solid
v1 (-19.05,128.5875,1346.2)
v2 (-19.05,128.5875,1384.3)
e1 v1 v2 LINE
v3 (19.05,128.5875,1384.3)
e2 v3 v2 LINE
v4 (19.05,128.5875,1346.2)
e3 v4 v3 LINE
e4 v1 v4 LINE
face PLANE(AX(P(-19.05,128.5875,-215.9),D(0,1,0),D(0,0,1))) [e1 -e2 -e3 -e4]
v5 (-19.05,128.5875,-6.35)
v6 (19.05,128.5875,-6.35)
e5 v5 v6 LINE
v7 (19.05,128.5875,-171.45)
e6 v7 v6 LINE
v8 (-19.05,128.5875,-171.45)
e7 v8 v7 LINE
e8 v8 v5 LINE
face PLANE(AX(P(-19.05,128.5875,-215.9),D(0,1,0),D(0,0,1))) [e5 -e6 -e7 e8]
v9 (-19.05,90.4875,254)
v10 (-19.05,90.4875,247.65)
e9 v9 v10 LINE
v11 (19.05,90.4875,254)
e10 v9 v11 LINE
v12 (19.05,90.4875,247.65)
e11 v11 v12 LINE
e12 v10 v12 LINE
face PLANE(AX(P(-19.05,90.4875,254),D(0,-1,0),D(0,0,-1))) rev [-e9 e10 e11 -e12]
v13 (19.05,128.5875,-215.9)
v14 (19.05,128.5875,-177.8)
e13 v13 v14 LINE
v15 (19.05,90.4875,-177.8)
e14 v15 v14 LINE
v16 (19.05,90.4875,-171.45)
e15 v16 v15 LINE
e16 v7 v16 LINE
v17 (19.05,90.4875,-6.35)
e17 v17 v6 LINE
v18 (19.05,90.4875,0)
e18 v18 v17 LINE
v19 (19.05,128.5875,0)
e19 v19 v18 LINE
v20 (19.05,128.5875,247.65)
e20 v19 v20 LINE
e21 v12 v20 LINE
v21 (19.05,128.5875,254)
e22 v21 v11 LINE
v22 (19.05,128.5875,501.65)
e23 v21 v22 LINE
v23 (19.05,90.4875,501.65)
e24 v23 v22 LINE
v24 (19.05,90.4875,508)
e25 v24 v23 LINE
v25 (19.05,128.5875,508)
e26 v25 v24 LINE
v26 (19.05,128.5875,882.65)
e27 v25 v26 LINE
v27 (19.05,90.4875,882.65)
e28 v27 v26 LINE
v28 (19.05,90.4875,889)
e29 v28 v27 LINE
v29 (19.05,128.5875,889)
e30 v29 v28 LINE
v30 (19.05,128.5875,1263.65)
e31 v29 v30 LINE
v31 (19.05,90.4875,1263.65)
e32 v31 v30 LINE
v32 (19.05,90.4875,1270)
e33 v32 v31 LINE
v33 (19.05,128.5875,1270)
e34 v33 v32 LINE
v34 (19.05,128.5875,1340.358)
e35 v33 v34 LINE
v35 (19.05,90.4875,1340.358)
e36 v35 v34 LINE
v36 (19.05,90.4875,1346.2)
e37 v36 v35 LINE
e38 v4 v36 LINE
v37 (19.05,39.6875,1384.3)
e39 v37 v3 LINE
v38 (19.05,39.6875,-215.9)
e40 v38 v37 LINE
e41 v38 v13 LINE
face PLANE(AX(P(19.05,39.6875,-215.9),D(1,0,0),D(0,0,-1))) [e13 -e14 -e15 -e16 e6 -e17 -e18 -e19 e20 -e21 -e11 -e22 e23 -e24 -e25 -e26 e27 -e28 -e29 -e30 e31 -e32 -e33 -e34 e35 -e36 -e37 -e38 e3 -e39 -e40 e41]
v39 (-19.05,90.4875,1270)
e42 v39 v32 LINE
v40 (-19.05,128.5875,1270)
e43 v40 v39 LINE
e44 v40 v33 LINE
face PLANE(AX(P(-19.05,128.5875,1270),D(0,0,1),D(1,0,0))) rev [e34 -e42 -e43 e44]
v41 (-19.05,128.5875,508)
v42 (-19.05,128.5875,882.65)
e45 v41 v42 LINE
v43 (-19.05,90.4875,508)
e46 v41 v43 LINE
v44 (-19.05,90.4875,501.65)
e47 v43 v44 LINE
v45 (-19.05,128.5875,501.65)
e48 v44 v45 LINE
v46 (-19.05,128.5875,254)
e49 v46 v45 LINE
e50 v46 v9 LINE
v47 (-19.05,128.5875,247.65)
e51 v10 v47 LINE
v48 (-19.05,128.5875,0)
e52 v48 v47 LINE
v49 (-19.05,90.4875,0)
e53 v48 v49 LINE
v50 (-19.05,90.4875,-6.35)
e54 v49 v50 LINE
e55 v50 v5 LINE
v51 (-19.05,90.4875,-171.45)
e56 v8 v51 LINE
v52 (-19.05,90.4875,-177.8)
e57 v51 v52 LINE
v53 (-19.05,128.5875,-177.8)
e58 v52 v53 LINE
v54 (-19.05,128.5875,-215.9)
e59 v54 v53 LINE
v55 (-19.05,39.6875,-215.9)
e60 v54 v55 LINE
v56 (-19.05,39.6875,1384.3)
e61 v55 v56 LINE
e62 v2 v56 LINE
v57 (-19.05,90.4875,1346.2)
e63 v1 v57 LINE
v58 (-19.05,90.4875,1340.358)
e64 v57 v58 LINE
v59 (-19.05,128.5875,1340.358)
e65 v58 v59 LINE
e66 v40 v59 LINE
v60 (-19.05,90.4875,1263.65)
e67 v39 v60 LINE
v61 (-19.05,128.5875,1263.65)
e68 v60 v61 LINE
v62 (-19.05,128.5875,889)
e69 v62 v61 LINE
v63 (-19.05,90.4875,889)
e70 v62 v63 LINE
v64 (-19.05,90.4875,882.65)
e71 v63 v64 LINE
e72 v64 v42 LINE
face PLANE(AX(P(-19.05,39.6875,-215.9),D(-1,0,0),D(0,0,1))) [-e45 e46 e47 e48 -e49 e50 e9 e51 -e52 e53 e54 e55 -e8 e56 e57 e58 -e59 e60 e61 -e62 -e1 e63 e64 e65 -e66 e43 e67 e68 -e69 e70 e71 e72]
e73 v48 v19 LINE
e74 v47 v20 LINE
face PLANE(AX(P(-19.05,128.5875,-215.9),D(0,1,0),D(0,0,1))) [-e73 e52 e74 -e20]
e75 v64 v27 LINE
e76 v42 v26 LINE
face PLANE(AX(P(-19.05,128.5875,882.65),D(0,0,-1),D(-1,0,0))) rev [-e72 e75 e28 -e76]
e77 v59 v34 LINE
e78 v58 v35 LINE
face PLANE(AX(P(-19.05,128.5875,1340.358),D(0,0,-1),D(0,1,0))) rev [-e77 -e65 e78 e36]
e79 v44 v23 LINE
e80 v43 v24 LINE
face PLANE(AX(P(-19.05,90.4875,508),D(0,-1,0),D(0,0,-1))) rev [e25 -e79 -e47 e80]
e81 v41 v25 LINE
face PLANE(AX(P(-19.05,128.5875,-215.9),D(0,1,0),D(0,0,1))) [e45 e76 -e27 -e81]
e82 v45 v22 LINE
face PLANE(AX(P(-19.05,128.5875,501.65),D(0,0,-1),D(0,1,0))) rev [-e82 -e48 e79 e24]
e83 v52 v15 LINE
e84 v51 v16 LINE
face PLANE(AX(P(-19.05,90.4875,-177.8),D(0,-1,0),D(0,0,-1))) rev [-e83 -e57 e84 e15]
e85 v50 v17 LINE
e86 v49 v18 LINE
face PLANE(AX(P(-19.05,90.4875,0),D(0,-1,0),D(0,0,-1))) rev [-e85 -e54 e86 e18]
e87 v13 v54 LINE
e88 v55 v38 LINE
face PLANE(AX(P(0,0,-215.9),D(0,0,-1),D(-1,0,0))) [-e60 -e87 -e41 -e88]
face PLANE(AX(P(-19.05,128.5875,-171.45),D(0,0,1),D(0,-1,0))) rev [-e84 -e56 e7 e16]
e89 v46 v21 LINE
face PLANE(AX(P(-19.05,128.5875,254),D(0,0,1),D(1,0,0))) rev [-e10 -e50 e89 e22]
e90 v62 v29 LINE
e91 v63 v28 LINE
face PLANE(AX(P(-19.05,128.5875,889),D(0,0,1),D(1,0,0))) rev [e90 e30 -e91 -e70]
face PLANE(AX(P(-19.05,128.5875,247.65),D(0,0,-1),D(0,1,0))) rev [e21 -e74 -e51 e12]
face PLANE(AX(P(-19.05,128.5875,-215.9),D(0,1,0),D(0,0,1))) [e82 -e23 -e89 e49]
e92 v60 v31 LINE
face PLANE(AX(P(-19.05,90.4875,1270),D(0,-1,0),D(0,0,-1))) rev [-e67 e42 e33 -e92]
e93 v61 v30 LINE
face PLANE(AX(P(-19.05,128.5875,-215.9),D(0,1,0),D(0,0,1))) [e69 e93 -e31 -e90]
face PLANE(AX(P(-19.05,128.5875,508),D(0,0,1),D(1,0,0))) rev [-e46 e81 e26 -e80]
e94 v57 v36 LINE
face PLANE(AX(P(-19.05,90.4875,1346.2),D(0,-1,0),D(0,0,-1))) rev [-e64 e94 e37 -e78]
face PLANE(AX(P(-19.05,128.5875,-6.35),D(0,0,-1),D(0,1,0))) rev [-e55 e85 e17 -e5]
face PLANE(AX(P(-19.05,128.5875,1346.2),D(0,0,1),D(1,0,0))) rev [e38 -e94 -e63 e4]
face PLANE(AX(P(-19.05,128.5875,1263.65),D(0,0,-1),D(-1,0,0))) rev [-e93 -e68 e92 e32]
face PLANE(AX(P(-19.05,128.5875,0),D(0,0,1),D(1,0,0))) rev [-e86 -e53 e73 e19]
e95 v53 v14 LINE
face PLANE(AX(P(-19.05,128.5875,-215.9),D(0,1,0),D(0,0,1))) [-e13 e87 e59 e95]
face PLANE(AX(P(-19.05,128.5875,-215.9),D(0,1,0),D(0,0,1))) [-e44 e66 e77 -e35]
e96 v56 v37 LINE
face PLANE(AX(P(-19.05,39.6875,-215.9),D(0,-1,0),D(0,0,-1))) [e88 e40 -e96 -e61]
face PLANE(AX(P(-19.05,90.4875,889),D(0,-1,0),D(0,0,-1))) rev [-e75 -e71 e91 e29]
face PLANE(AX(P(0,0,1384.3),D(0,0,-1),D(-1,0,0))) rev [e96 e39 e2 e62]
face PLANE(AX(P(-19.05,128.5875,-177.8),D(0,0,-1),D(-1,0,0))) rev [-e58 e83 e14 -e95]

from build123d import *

# Parameters (mm, degrees)
BOSS_EXTRUDE1_DEPTH      = 1384.3
BOSS_EXTRUDE1_DEPTH_BACK = 215.9
SKETCH1_W                = 38.1
SKETCH1_H                = 88.9
SKETCH2_W                = 5.842
SKETCH2_H                = 38.1
SKETCH2_W_2              = 6.35
CUT_EXTRUDE1_DEPTH       = 1391.781379353


with BuildPart() as part:
    # Sketch1 → Boss-Extrude1 (new, two sides: drawn at the far end of the back side and taken through both)
    with BuildSketch(Plane.XY.offset(-BOSS_EXTRUDE1_DEPTH_BACK)):
        with Locations((0, 84.1375)):
            Rectangle(SKETCH1_W, SKETCH1_H)
    extrude(amount=BOSS_EXTRUDE1_DEPTH + BOSS_EXTRUDE1_DEPTH_BACK)

    # Sketch2 → Cut-Extrude1 (cut, through all)
    with BuildSketch(Plane(origin=(19.05, 0, 0), x_dir=(0, 0, -1), z_dir=(1, 0, 0))):
        with Locations((-1343.279, 109.5375)):
            Rectangle(SKETCH2_W, SKETCH2_H)
        with Locations((-1266.825, 109.5375)):
            Rectangle(SKETCH2_W_2, SKETCH2_H)
        with Locations((-885.825, 109.5375)):
            Rectangle(SKETCH2_W_2, SKETCH2_H)
        with Locations((-504.825, 109.5375)):
            Rectangle(SKETCH2_W_2, SKETCH2_H)
        with Locations((-250.825, 109.5375)):
            Rectangle(SKETCH2_W_2, SKETCH2_H)
        with Locations((3.175, 109.5375)):
            Rectangle(SKETCH2_W_2, SKETCH2_H)
        with Locations((174.625, 109.5375)):
            Rectangle(SKETCH2_W_2, SKETCH2_H)
    extrude(amount=-CUT_EXTRUDE1_DEPTH, mode=Mode.SUBTRACT)


solid = part.part
